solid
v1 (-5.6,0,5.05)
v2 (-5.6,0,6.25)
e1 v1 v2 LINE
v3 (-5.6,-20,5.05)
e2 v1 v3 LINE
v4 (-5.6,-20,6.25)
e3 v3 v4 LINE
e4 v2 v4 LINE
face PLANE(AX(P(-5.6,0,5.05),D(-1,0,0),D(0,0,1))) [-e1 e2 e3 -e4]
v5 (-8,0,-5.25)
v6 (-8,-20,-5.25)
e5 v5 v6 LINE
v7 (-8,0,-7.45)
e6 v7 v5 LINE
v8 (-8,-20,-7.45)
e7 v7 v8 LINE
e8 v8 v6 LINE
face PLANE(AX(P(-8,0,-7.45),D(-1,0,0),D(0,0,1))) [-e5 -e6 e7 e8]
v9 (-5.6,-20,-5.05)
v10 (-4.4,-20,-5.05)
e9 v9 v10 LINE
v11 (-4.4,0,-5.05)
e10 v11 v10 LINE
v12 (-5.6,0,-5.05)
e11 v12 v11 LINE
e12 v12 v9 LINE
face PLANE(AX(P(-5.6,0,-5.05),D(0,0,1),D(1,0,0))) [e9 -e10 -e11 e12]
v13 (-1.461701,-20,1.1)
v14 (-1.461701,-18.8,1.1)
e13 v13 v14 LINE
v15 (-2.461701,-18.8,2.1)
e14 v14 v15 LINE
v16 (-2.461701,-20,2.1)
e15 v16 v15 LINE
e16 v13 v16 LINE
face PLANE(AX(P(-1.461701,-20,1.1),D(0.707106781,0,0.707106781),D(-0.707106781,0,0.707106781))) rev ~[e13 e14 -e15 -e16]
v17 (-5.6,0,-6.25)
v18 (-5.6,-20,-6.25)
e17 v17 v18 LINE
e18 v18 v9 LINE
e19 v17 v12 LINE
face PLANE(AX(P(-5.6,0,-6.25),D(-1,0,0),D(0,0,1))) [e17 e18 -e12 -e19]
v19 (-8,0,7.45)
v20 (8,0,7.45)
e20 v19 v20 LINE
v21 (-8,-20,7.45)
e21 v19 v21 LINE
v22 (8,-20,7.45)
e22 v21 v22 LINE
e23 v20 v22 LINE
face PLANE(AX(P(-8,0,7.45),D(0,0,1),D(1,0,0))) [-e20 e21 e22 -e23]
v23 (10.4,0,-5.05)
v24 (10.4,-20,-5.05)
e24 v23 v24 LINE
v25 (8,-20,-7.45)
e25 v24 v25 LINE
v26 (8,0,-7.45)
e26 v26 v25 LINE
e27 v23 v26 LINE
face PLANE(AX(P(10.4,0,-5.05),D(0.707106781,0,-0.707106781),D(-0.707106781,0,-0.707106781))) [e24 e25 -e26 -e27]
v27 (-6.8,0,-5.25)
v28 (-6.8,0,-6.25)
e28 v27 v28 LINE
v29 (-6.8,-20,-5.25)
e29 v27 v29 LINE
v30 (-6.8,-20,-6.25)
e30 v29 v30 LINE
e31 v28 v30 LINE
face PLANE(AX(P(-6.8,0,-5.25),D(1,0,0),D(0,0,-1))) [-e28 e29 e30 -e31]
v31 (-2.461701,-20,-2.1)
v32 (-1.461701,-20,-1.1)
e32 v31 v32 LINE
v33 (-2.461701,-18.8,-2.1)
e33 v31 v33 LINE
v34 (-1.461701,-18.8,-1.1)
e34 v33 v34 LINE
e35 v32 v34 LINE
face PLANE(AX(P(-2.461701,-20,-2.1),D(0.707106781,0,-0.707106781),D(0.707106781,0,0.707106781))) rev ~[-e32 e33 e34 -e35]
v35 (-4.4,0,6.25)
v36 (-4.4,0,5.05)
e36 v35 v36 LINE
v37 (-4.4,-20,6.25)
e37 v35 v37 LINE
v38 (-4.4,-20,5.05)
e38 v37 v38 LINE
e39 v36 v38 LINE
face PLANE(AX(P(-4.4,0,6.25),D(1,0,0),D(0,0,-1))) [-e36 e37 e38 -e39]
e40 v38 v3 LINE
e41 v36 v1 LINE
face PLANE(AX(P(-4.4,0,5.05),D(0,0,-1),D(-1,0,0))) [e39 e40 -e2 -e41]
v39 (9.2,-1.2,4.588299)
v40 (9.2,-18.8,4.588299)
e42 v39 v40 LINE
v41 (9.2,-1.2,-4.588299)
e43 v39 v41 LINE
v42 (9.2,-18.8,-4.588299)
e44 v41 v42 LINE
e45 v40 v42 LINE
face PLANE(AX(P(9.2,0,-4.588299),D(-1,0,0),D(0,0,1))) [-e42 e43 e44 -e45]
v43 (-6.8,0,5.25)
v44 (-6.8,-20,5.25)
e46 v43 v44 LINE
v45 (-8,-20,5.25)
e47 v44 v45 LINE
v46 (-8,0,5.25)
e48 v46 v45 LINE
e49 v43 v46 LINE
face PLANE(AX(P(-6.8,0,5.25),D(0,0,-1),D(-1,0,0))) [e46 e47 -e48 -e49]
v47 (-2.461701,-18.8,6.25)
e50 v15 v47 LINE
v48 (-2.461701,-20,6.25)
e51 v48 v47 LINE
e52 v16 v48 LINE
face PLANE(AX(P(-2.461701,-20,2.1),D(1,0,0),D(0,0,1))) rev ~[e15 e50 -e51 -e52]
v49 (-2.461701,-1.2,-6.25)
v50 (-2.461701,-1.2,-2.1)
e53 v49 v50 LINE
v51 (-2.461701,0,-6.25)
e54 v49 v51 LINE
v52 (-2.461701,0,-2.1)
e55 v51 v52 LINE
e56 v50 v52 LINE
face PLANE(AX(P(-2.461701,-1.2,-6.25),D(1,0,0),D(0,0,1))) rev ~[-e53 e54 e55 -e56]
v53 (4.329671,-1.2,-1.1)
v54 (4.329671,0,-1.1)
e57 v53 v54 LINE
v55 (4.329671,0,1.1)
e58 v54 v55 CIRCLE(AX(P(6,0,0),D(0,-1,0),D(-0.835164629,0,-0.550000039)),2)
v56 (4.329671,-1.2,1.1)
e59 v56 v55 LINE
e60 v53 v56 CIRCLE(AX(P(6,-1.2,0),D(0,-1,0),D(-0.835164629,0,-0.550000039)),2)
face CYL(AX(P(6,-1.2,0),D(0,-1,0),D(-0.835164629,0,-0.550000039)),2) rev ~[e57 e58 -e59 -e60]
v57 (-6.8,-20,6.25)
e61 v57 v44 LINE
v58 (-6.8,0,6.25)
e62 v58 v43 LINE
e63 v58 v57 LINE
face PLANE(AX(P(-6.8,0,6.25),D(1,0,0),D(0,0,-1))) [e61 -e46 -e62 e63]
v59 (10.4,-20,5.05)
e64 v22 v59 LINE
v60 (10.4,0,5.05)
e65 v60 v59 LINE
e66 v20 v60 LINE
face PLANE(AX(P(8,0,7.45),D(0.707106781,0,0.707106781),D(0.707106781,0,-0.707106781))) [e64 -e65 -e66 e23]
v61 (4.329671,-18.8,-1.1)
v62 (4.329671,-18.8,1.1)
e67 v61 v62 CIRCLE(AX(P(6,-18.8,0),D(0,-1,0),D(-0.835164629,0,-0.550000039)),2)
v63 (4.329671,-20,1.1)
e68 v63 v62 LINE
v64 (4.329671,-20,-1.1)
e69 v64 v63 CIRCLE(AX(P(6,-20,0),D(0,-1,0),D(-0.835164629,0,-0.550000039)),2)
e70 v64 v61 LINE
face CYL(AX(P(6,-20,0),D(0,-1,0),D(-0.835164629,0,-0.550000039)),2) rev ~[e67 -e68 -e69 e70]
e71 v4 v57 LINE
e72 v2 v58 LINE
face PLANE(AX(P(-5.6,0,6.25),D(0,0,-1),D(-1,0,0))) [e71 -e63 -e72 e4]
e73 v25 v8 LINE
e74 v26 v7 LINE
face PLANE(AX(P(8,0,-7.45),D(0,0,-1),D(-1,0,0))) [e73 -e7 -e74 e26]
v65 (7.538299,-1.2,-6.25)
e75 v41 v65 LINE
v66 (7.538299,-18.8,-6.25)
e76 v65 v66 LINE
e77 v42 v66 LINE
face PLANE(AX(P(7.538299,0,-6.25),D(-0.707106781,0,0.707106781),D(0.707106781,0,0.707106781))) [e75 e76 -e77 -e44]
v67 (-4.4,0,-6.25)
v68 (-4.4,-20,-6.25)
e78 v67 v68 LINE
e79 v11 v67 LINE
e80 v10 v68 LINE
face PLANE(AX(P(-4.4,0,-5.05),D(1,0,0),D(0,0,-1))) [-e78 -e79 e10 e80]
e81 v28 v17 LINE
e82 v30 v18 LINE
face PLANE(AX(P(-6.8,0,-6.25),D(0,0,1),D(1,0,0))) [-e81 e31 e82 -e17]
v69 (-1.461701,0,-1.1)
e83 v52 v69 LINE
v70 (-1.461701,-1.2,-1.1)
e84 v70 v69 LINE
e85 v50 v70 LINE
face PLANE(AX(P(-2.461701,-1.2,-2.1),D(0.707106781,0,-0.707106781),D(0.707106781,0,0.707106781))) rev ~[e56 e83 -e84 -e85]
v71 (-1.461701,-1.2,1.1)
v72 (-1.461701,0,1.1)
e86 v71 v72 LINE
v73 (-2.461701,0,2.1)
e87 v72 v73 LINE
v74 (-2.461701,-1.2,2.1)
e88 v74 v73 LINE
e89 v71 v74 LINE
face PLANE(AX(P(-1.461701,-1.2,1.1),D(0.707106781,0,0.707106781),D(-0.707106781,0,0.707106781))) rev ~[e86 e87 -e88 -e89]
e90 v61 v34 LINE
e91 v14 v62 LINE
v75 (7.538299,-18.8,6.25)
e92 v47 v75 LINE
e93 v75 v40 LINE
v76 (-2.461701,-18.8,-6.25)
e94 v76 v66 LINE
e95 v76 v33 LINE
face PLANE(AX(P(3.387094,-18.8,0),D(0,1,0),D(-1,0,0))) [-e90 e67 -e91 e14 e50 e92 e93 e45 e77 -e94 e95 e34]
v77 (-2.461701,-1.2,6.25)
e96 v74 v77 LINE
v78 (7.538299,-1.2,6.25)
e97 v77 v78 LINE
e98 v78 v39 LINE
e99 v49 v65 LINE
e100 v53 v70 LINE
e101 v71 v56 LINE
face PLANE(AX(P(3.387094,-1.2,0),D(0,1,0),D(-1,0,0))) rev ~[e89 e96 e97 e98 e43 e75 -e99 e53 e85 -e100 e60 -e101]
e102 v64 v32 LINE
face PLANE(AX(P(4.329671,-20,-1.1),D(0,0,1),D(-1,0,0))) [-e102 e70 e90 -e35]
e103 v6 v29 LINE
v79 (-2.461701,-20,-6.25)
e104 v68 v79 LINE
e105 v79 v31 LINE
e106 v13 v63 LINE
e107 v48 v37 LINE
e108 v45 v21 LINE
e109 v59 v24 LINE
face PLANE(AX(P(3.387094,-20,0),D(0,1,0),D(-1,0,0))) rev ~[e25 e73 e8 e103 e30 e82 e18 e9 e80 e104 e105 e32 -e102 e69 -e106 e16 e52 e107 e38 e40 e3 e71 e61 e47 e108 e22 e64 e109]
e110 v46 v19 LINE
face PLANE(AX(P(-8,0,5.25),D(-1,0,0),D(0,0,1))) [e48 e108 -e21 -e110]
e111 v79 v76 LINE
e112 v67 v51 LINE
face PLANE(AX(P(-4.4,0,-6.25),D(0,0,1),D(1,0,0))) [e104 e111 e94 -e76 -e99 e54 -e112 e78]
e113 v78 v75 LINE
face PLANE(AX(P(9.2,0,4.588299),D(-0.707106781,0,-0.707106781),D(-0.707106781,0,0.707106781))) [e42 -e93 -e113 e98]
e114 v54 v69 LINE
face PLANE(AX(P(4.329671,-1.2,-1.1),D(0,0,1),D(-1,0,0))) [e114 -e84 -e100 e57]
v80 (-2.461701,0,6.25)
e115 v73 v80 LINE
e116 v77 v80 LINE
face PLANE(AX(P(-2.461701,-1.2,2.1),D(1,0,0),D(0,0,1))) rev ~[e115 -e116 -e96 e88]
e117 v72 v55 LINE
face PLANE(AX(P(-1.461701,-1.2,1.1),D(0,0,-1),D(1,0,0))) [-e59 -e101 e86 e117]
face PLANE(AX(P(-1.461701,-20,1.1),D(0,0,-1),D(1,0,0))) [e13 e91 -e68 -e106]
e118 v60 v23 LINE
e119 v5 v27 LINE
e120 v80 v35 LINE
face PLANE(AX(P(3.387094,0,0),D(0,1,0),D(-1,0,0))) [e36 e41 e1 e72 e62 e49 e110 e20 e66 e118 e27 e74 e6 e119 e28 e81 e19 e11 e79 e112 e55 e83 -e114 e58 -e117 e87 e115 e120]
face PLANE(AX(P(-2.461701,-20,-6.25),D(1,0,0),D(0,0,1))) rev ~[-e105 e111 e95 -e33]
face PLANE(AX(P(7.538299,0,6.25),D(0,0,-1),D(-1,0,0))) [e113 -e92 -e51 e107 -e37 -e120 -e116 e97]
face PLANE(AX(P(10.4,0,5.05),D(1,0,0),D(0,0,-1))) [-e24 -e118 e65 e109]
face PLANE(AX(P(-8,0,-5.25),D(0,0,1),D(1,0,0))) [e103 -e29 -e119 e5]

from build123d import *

# Parameters (mm, degrees)
PAD_DEPTH           = 20
PAD001_DEPTH        = 1.2
LINEARPATTERN_COUNT = 2
LINEARPATTERN_PITCH = 18.8


with BuildPart() as part:
    # Sketch → Pad (new body)
    with BuildSketch(Plane.XZ):
        Polygon((-8, 7.45), (8, 7.45), (10.4, 5.05), (10.4, -5.05), (8, -7.45), (-8, -7.45), (-8, -5.25), (-6.8, -5.25), (-6.8, -6.25), (-5.6, -6.25), (-5.6, -5.05), (-4.4, -5.05), (-4.4, -6.25), (7.538299, -6.25), (9.2, -4.588299), (9.2, 4.588299), (7.538299, 6.25), (-4.4, 6.25), (-4.4, 5.05), (-5.6, 5.05), (-5.6, 6.25), (-6.8, 6.25), (-6.8, 5.25), (-8, 5.25), align=None)
    extrude(amount=PAD_DEPTH)

    # Sketch001 (on DatumPlane) → Pad001 (join)
    with BuildSketch(Plane.XZ.offset(20)):
        with BuildLine():
            Line((-2.461701, 6.25), (7.538299, 6.25))
            Line((7.538299, 6.25), (9.2, 4.588299))
            Line((9.2, 4.588299), (9.2, -4.588299))
            Line((9.2, -4.588299), (7.538299, -6.25))
            Line((-2.461701, -6.25), (7.538299, -6.25))
            Line((-2.461701, -6.25), (-2.461701, -2.1))
            Line((-2.461701, -2.1), (-1.461701, -1.1))
            Line((4.329671, -1.1), (-1.461701, -1.1))
            ThreePointArc((4.329671, -1.1), (8, 0), (4.329671, 1.1))
            Line((-1.461701, 1.1), (4.329671, 1.1))
            Line((-1.461701, 1.1), (-2.461701, 2.1))
            Line((-2.461701, 2.1), (-2.461701, 6.25))
        make_face()
    pad001 = extrude(amount=-PAD001_DEPTH)

    # LinearPattern: Pad001 ×2
    with Locations(*[(0, i * LINEARPATTERN_PITCH, 0) for i in range(1, LINEARPATTERN_COUNT)]):
        add(pad001)


solid = part.part
